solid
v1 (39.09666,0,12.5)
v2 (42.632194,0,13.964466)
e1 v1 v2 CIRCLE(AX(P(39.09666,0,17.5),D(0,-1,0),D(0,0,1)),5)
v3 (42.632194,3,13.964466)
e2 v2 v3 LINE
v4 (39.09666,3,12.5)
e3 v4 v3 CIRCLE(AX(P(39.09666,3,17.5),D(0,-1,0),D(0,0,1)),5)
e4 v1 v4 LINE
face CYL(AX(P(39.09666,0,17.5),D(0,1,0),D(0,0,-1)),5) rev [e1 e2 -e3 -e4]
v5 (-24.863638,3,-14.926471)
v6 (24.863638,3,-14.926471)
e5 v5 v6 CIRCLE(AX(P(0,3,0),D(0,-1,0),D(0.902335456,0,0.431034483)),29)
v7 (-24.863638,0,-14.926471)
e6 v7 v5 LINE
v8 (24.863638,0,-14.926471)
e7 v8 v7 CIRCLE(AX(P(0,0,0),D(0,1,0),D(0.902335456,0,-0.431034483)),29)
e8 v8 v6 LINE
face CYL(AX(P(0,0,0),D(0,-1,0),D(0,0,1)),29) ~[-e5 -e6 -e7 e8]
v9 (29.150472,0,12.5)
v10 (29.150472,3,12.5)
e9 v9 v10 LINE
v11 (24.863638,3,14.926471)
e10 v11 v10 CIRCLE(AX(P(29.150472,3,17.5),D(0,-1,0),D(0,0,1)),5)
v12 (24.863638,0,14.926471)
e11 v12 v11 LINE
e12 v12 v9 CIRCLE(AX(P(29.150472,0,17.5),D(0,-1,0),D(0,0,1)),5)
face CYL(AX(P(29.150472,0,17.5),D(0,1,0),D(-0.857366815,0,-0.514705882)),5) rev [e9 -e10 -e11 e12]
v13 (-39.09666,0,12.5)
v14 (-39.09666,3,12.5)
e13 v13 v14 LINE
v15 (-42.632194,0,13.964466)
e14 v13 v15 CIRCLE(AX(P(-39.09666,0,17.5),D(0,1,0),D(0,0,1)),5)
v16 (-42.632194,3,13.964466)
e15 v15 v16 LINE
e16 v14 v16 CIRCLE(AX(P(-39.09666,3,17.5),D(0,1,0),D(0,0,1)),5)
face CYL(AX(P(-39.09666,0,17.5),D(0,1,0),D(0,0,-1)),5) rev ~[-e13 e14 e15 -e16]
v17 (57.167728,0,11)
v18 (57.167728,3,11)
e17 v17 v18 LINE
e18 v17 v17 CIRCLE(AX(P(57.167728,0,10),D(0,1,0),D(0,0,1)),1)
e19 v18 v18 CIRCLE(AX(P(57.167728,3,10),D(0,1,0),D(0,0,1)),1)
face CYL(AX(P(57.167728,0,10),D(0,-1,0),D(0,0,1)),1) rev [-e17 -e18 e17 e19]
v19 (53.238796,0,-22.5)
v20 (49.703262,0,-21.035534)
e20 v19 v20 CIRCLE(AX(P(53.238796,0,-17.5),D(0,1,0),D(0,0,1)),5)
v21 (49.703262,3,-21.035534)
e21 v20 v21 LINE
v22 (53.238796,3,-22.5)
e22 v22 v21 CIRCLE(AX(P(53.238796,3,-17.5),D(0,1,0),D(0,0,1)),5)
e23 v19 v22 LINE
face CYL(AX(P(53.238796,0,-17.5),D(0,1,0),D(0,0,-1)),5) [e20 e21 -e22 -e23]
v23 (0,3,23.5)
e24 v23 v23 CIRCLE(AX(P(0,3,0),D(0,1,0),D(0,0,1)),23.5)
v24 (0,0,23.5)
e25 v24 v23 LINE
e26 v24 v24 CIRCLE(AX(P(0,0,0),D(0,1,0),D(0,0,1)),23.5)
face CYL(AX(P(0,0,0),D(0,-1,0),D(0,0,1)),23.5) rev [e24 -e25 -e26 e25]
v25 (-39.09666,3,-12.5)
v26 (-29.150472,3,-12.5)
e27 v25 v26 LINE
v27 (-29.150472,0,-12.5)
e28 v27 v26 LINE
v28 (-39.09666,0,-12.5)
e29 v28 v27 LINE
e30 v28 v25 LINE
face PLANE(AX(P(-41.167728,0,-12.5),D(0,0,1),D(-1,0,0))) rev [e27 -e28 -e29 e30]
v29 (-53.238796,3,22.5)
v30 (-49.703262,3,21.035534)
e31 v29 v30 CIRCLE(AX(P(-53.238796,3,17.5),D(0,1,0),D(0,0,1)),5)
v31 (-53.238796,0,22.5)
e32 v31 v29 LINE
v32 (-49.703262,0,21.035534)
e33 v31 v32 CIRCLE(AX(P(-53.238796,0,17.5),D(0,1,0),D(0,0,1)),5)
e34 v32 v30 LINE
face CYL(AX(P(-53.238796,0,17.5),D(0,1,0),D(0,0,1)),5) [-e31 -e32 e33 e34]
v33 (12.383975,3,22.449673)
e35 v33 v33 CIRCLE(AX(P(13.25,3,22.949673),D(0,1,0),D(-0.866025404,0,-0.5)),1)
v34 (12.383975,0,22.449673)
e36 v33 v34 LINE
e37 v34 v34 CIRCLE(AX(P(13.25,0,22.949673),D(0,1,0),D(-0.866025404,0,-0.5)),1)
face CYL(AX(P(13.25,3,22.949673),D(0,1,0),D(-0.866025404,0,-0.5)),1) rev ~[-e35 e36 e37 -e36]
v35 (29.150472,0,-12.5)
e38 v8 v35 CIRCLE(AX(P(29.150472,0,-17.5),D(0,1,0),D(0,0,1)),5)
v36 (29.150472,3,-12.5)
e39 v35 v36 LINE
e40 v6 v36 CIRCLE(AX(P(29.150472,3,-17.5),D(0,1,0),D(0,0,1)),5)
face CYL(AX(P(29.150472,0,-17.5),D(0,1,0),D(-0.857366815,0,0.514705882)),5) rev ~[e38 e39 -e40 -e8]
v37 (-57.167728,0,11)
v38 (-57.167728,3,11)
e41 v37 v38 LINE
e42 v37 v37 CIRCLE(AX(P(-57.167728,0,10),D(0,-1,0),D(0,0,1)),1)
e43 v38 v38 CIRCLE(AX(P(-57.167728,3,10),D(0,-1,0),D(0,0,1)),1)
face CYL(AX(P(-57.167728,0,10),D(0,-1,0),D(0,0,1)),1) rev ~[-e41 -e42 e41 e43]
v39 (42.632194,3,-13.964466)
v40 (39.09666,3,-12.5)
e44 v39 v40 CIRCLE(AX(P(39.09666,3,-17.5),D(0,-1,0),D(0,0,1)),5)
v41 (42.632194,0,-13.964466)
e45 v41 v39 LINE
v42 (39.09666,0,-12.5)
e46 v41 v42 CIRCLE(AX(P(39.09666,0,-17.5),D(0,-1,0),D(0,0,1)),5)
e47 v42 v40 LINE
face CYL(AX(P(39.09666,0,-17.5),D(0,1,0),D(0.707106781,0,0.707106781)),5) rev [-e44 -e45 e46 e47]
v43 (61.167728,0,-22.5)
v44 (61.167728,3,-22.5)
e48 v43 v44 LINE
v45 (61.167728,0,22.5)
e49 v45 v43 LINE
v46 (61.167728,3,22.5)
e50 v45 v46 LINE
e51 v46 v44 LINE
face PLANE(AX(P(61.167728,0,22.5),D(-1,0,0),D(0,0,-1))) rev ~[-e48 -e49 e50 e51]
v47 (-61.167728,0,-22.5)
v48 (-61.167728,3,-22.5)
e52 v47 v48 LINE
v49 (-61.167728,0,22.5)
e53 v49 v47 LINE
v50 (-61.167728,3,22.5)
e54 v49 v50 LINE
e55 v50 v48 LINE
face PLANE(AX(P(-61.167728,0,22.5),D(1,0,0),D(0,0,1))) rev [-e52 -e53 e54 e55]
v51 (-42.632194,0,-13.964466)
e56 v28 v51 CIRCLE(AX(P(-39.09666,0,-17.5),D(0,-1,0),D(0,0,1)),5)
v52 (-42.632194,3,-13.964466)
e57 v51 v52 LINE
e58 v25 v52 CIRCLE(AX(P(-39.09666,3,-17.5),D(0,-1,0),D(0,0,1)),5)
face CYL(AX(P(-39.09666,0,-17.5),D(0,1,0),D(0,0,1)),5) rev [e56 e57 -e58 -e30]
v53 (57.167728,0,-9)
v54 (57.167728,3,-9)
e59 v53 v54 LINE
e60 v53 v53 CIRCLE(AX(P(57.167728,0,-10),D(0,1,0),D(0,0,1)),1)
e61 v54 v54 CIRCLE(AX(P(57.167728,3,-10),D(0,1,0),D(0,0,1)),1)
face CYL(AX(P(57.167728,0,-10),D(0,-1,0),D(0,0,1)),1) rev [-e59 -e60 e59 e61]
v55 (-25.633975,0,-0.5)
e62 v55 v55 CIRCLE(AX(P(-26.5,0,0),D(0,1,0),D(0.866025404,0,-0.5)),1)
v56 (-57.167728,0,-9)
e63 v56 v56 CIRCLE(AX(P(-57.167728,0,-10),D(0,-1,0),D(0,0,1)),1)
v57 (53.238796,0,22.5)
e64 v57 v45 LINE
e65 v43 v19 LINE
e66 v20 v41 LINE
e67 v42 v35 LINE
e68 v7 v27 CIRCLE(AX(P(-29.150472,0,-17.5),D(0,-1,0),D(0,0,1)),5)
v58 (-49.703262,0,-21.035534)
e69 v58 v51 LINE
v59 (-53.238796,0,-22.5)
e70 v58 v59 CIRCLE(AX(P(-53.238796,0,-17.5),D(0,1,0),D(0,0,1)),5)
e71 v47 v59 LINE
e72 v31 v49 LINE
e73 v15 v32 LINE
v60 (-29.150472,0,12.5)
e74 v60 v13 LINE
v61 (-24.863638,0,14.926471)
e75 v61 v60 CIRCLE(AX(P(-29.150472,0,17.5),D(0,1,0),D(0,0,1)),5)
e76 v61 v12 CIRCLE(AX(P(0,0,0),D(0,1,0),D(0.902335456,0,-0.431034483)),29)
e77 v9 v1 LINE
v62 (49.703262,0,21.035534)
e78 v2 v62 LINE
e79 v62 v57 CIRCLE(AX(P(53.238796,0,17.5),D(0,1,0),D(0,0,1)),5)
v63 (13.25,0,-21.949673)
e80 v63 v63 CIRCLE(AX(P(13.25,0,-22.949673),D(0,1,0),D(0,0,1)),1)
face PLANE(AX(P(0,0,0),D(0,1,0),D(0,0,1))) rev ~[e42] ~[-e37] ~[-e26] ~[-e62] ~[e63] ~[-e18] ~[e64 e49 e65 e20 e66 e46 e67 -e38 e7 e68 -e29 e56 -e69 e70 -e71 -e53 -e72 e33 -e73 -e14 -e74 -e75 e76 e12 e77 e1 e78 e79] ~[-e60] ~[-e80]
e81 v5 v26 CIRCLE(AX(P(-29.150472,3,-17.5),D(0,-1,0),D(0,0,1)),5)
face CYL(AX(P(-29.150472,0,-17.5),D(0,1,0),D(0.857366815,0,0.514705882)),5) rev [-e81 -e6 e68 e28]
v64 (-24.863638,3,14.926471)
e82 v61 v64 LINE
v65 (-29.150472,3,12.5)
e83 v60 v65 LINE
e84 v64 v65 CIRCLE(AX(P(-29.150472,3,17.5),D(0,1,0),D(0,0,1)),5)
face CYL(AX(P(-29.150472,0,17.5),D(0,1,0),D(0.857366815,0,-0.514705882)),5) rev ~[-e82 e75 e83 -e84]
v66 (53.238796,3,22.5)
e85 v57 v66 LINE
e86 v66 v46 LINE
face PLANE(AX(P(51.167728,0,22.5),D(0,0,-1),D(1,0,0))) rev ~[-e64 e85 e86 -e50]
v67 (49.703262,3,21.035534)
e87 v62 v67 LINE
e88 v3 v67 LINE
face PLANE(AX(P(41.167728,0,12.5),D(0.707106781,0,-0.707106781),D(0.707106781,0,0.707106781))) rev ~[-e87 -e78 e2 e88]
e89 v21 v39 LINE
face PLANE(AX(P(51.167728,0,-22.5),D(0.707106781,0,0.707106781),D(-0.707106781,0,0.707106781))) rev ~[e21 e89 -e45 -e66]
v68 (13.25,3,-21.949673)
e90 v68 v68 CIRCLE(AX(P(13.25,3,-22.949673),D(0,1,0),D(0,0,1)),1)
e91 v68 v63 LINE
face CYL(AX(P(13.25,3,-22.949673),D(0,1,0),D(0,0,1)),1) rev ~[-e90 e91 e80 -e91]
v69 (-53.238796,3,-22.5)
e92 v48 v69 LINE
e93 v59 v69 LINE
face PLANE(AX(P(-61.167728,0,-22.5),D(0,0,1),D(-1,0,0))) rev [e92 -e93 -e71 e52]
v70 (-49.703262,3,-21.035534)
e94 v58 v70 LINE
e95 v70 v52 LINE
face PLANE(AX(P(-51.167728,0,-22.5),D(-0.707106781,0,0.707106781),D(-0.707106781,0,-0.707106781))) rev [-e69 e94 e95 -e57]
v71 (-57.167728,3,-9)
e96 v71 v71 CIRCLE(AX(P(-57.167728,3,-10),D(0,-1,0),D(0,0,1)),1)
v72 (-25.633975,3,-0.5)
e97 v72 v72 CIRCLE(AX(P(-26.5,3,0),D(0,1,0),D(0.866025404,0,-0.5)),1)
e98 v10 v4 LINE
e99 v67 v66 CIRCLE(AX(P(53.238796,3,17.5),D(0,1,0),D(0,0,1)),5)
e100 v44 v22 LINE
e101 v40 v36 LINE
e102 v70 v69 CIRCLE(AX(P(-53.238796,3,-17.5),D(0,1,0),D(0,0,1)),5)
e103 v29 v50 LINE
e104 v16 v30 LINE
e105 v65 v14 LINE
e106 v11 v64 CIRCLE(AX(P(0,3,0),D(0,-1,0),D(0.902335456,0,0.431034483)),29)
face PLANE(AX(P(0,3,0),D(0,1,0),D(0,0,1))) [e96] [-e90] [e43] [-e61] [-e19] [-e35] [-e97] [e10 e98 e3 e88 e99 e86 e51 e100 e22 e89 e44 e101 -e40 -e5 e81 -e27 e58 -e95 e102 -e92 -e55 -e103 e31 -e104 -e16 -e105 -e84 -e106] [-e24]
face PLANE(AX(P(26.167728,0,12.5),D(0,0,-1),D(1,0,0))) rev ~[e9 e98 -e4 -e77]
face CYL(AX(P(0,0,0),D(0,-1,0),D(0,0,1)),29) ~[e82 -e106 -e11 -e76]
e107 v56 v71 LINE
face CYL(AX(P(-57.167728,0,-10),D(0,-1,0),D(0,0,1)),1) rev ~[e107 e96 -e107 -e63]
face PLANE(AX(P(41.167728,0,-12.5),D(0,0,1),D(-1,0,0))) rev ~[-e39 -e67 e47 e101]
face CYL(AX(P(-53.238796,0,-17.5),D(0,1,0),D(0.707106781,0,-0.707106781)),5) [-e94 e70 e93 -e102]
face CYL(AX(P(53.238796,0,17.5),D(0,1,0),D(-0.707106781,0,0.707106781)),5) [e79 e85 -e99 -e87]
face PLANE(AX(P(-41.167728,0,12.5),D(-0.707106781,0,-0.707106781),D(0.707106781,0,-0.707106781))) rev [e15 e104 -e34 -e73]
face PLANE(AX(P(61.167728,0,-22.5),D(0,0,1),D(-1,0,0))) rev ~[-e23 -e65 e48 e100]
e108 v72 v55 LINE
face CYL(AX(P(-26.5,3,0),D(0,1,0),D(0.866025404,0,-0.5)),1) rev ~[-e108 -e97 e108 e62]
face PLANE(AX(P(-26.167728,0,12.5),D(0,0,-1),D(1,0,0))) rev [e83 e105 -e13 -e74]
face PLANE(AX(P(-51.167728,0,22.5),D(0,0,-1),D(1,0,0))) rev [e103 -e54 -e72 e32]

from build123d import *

# Parameters (mm, degrees)
SKETCH2_R            = 29
SKETCH2_R_2          = 23.5
BOSS_EXTRUDE1_DEPTH  = 3
SKETCH2_3_R          = 1
BOSS_EXTRUDE2_DEPTH  = 3
FILLET1_R            = 5
SKETCH3_R            = 1
CUT_EXTRUDE1_DEPTH   = 3
CIRPATTERN1_COUNT    = 3
FILLET1_OF_MIRROR1_R = 5


with BuildPart() as part:
    # Sketch2 → Boss-Extrude1 (new body)
    with BuildSketch(Plane(origin=(0, 0, 0), x_dir=(1, 0, 0), z_dir=(0, 1, 0))):
        with Locations(Location((0, 0, 0), (0, 0, 270))):
            Circle(SKETCH2_R)
        with Locations(Location((0, 0, 0), (0, 0, 270))):
            Circle(SKETCH2_R_2, mode=Mode.SUBTRACT)
    extrude(amount=BOSS_EXTRUDE1_DEPTH)

    # Sketch2<3> → Boss-Extrude2 (add)
    with BuildSketch(Plane(origin=(0, 0, 0), x_dir=(1, 0, 0), z_dir=(0, 1, 0))):
        with BuildLine():
            Line((41.167728216, 12.5), (26.167728216, 12.5))
            ThreePointArc((26.167728216, 12.5), (28.283070186, 6.408427332), (29, 0))
            ThreePointArc((29, 0), (28.283070186, -6.408427332), (26.167728216, -12.5))
            Line((26.167728216, -12.5), (41.167728216, -12.5))
            Line((41.167728216, -12.5), (51.167728216, -22.5))
            Line((51.167728216, -22.5), (61.167728216, -22.5))
            Line((61.167728216, -22.5), (61.167728216, 22.5))
            Line((61.167728216, 22.5), (51.167728216, 22.5))
            Line((51.167728216, 22.5), (41.167728216, 12.5))
        make_face()
        with Locations(Location((57.167728216, -10, 0), (0, 0, 270))):
            Circle(SKETCH2_3_R, mode=Mode.SUBTRACT)
        with Locations(Location((57.167728216, 10, 0), (0, 0, 270))):
            Circle(SKETCH2_3_R, mode=Mode.SUBTRACT)
    boss_extrude2 = extrude(amount=BOSS_EXTRUDE2_DEPTH)

    # Fillet1
    fillet1_edges = [part.edges().sort_by_distance(p)[0] for p in [
        (41.167728216, 1.5, -12.5),
        (51.167728216, 1.5, -22.5),
        (51.167728216, 1.5, 22.5),
        (41.167728216, 1.5, 12.5),
        (26.167728216, 1.5, 12.5),
        (26.167728216, 1.5, -12.5),
    ]]
    fillet(fillet1_edges, radius=FILLET1_R)

    # Sketch3 → Cut-Extrude1 (cut)
    with BuildSketch(Plane(origin=(0, 3, 0), x_dir=(1, 0, 0), z_dir=(0, 1, 0))):
        with Locations(Location((13.25, 22.9496732, 0), (0, 0, 270))):
            Circle(SKETCH3_R)
    cut_extrude1 = extrude(amount=-CUT_EXTRUDE1_DEPTH, mode=Mode.SUBTRACT)

    # CirPattern1: Cut-Extrude1 ×3 about axis
    cirpattern1_axis = Axis((0, 0, 0), (0, 1, 0))
    for i in range(1, CIRPATTERN1_COUNT):
        add(cut_extrude1.rotate(cirpattern1_axis, i * 360 / CIRPATTERN1_COUNT), mode=Mode.SUBTRACT)

    # Mirror1: Boss-Extrude2 across plane
    add(boss_extrude2.mirror(Plane(origin=(0, 0, 0), x_dir=(0, 0, 1), z_dir=(1, 0, 0))))

    # Fillet1 of Mirror1
    fillet1_of_mirror1_edges = [part.edges().sort_by_distance(p)[0] for p in [
        (-41.167728216, 1.5, -12.5),
        (-51.167728216, 1.5, -22.5),
        (-51.167728216, 1.5, 22.5),
        (-41.167728216, 1.5, 12.5),
        (-26.167728216, 1.5, 12.5),
        (-26.167728216, 1.5, -12.5),
    ]]
    fillet(fillet1_of_mirror1_edges, radius=FILLET1_OF_MIRROR1_R)


solid = part.part
